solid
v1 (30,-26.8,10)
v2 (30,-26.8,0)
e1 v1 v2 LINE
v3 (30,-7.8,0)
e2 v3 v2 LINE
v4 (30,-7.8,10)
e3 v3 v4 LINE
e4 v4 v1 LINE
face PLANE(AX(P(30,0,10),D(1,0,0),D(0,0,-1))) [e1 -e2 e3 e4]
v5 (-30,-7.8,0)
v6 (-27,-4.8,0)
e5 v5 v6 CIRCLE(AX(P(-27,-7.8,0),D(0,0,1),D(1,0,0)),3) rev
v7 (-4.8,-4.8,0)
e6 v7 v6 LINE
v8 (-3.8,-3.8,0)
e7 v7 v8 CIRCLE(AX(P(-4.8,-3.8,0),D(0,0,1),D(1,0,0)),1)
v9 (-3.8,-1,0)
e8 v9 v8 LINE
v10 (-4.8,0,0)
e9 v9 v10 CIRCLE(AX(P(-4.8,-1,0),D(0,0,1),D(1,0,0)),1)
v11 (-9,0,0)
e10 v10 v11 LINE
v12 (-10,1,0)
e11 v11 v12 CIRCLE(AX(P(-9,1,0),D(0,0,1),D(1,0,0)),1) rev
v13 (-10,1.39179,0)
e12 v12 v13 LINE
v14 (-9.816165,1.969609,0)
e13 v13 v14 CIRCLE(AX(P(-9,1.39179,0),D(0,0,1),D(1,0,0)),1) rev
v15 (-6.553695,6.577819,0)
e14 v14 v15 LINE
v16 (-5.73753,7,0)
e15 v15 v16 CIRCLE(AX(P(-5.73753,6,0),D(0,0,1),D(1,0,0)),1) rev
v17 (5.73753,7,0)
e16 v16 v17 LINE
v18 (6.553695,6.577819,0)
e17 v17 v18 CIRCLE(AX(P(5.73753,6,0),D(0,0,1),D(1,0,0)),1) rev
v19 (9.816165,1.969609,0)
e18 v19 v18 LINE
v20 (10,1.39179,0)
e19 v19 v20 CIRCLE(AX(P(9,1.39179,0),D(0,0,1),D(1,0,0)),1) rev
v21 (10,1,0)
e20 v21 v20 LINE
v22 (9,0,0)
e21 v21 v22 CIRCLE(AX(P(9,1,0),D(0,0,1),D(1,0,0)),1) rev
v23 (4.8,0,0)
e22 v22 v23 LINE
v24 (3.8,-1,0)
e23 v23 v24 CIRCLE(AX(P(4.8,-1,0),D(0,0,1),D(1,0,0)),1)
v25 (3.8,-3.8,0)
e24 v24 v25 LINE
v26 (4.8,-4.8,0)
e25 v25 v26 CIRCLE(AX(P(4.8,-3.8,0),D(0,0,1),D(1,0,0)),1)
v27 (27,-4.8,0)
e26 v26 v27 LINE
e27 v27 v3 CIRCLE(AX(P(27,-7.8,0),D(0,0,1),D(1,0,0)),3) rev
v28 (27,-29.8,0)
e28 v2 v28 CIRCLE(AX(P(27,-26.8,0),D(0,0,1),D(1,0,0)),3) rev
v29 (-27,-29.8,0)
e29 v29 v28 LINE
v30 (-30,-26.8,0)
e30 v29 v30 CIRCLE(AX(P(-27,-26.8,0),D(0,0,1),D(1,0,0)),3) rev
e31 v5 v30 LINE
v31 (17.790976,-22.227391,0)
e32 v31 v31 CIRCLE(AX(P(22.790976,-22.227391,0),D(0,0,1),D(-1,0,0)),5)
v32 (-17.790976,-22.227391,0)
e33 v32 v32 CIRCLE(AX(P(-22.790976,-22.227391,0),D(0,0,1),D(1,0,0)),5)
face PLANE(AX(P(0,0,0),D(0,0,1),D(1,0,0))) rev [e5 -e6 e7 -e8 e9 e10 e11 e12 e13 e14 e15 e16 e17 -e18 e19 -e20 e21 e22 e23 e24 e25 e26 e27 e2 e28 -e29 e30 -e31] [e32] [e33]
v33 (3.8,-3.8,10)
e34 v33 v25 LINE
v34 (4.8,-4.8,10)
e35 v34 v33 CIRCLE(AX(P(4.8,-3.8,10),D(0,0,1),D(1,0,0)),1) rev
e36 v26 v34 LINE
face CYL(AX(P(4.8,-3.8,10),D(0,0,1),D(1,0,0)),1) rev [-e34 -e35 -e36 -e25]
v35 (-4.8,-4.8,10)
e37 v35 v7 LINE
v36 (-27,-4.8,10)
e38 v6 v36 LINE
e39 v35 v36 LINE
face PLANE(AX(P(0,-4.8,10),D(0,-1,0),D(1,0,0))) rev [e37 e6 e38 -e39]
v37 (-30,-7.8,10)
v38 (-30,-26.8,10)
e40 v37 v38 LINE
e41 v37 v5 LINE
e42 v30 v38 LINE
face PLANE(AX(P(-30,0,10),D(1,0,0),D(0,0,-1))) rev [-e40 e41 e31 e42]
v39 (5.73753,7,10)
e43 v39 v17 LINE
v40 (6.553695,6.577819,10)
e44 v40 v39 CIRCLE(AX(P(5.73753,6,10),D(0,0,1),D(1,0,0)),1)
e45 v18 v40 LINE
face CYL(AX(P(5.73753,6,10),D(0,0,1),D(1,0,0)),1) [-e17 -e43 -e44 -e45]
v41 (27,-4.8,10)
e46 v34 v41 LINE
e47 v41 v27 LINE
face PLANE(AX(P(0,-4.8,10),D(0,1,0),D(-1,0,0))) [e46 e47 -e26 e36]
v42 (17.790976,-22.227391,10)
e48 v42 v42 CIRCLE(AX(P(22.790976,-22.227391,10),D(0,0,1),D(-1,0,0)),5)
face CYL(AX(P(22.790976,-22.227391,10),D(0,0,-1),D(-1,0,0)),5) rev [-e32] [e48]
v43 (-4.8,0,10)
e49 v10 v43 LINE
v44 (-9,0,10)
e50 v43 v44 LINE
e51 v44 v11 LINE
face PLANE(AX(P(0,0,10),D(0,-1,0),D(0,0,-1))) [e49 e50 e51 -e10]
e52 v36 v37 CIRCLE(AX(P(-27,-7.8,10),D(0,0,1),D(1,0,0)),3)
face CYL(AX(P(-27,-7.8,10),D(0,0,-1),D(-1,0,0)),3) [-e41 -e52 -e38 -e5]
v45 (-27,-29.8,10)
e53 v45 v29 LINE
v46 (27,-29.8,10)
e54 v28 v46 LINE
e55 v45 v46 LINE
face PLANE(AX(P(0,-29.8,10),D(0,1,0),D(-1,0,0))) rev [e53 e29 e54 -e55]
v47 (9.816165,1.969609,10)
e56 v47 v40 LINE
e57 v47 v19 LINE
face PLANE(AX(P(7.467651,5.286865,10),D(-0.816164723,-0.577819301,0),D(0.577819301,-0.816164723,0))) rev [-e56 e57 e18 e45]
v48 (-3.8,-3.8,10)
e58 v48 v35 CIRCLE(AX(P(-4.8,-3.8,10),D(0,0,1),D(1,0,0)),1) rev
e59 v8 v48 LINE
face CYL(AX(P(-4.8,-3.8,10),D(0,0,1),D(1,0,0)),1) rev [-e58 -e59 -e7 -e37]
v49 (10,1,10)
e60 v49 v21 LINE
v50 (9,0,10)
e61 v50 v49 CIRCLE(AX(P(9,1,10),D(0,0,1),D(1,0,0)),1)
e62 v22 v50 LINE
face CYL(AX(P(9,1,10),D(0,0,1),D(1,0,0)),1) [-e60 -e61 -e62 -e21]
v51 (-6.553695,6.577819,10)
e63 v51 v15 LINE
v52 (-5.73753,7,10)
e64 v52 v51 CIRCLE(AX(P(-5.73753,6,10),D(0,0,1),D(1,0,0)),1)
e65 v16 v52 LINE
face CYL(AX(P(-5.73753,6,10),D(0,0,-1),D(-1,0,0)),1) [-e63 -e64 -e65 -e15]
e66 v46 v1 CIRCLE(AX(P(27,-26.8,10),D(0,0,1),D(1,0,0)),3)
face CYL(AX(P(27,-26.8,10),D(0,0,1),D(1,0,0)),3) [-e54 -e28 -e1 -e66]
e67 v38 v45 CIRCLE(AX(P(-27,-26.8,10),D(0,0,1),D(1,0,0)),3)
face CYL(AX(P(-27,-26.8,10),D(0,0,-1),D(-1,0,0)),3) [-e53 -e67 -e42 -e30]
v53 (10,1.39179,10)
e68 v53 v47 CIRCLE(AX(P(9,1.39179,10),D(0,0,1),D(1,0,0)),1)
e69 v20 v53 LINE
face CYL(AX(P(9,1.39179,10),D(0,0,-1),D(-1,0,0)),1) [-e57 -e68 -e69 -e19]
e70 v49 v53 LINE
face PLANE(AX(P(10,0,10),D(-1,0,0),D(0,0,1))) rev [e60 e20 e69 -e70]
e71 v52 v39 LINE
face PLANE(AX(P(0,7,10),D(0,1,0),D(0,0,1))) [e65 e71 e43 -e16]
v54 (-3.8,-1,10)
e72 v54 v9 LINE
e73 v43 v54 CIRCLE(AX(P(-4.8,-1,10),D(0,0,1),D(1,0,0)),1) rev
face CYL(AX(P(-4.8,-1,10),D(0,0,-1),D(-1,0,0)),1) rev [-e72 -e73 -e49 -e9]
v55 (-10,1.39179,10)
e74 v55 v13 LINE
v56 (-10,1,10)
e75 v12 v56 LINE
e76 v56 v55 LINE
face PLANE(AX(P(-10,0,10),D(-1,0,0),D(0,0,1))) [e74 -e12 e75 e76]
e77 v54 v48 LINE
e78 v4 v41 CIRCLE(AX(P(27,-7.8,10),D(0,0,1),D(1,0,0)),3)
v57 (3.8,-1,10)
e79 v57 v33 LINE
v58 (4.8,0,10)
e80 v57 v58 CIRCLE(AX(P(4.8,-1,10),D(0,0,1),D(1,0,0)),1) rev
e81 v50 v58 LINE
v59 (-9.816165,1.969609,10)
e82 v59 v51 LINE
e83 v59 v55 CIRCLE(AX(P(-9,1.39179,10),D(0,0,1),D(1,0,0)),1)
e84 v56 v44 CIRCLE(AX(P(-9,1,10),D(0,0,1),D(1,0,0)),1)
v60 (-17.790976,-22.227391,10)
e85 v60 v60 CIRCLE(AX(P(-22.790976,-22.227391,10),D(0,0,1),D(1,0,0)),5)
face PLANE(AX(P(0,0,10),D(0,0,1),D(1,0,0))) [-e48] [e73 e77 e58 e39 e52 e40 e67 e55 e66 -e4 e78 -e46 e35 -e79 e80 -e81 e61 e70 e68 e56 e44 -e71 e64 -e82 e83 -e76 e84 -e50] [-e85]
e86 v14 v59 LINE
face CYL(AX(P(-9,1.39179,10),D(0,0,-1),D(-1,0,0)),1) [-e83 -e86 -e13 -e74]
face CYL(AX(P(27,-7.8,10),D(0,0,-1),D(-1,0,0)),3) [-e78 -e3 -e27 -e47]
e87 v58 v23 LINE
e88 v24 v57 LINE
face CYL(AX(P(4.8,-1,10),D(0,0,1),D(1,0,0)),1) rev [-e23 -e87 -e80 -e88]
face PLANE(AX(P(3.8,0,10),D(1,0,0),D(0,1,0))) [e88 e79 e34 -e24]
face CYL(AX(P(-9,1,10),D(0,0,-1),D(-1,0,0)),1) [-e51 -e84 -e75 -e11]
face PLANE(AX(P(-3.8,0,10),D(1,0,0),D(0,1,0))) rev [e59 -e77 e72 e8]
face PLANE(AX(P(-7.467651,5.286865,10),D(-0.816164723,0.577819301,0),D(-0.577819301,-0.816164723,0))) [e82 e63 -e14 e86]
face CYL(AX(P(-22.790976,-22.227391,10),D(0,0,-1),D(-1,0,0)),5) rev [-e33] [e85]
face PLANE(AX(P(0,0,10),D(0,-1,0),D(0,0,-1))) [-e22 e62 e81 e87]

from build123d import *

# Parameters (mm, degrees)
BOSS_EXTRUDE1_DEPTH = 10
BOSS_EXTRUDE2_DEPTH = 10
SKETCH5_R           = 5
CUT_EXTRUDE1_DEPTH  = 44.45158225
FILLET1_R           = 1
FILLET2_R           = 1
FILLET3_R           = 3


with BuildPart() as part:
    # Sketch2 → Boss-Extrude1 (new body)
    with BuildSketch(Plane.XY):
        Polygon((-10, 0), (0, 0), (0, 7), (-6.25480432, 7), (-10, 1.709943763), align=None)
        Polygon((0, 0), (10, 0), (10, 1.709943763), (6.25480432, 7), (0, 7), align=None)
    extrude(amount=BOSS_EXTRUDE1_DEPTH)

    # Sketch4 → Boss-Extrude2 (add)
    with BuildSketch(Plane.XY):
        Polygon((0, 0), (-3.8, 0), (-3.8, -4.8), (-30, -4.8), (-30, -22.686959784), (-30, -23.48), (-30, -29.8), (0, -29.8), align=None)
        Polygon((3.8, 0), (0, 0), (0, -29.8), (30, -29.8), (30, -23.48), (30, -22.686959784), (30, -4.8), (3.8, -4.8), align=None)
    extrude(amount=BOSS_EXTRUDE2_DEPTH)

    # Sketch5 → Cut-Extrude1 (cut, through all)
    with BuildSketch(Plane.XY):
        with Locations((-22.790976064, -22.227391232)):
            Circle(SKETCH5_R)
        with Locations(Location((22.790976064, -22.227391232, 0), (0, 0, 180))):
            Circle(SKETCH5_R)
    extrude(amount=CUT_EXTRUDE1_DEPTH, mode=Mode.SUBTRACT)

    # Fillet1
    fillet1_edges = [part.edges().sort_by_distance(p)[0] for p in [
        (-10, 0, 5),
        (-10, 1.709943763, 5),
        (-6.25480432, 7, 5),
        (6.25480432, 7, 5),
        (10, 1.709943763, 5),
        (10, 0, 5),
    ]]
    fillet(fillet1_edges, radius=FILLET1_R)

    # Fillet2
    fillet2_edges = [part.edges().sort_by_distance(p)[0] for p in [
        (3.8, -4.8, 5),
        (3.8, 0, 5),
        (-3.8, 0, 5),
        (-3.8, -4.8, 5),
    ]]
    fillet(fillet2_edges, radius=FILLET2_R)

    # Fillet3
    fillet3_edges = [part.edges().sort_by_distance(p)[0] for p in [
        (-30, -29.8, 5),
        (30, -29.8, 5),
        (30, -4.8, 5),
        (-30, -4.8, 5),
    ]]
    fillet(fillet3_edges, radius=FILLET3_R)


solid = part.part
